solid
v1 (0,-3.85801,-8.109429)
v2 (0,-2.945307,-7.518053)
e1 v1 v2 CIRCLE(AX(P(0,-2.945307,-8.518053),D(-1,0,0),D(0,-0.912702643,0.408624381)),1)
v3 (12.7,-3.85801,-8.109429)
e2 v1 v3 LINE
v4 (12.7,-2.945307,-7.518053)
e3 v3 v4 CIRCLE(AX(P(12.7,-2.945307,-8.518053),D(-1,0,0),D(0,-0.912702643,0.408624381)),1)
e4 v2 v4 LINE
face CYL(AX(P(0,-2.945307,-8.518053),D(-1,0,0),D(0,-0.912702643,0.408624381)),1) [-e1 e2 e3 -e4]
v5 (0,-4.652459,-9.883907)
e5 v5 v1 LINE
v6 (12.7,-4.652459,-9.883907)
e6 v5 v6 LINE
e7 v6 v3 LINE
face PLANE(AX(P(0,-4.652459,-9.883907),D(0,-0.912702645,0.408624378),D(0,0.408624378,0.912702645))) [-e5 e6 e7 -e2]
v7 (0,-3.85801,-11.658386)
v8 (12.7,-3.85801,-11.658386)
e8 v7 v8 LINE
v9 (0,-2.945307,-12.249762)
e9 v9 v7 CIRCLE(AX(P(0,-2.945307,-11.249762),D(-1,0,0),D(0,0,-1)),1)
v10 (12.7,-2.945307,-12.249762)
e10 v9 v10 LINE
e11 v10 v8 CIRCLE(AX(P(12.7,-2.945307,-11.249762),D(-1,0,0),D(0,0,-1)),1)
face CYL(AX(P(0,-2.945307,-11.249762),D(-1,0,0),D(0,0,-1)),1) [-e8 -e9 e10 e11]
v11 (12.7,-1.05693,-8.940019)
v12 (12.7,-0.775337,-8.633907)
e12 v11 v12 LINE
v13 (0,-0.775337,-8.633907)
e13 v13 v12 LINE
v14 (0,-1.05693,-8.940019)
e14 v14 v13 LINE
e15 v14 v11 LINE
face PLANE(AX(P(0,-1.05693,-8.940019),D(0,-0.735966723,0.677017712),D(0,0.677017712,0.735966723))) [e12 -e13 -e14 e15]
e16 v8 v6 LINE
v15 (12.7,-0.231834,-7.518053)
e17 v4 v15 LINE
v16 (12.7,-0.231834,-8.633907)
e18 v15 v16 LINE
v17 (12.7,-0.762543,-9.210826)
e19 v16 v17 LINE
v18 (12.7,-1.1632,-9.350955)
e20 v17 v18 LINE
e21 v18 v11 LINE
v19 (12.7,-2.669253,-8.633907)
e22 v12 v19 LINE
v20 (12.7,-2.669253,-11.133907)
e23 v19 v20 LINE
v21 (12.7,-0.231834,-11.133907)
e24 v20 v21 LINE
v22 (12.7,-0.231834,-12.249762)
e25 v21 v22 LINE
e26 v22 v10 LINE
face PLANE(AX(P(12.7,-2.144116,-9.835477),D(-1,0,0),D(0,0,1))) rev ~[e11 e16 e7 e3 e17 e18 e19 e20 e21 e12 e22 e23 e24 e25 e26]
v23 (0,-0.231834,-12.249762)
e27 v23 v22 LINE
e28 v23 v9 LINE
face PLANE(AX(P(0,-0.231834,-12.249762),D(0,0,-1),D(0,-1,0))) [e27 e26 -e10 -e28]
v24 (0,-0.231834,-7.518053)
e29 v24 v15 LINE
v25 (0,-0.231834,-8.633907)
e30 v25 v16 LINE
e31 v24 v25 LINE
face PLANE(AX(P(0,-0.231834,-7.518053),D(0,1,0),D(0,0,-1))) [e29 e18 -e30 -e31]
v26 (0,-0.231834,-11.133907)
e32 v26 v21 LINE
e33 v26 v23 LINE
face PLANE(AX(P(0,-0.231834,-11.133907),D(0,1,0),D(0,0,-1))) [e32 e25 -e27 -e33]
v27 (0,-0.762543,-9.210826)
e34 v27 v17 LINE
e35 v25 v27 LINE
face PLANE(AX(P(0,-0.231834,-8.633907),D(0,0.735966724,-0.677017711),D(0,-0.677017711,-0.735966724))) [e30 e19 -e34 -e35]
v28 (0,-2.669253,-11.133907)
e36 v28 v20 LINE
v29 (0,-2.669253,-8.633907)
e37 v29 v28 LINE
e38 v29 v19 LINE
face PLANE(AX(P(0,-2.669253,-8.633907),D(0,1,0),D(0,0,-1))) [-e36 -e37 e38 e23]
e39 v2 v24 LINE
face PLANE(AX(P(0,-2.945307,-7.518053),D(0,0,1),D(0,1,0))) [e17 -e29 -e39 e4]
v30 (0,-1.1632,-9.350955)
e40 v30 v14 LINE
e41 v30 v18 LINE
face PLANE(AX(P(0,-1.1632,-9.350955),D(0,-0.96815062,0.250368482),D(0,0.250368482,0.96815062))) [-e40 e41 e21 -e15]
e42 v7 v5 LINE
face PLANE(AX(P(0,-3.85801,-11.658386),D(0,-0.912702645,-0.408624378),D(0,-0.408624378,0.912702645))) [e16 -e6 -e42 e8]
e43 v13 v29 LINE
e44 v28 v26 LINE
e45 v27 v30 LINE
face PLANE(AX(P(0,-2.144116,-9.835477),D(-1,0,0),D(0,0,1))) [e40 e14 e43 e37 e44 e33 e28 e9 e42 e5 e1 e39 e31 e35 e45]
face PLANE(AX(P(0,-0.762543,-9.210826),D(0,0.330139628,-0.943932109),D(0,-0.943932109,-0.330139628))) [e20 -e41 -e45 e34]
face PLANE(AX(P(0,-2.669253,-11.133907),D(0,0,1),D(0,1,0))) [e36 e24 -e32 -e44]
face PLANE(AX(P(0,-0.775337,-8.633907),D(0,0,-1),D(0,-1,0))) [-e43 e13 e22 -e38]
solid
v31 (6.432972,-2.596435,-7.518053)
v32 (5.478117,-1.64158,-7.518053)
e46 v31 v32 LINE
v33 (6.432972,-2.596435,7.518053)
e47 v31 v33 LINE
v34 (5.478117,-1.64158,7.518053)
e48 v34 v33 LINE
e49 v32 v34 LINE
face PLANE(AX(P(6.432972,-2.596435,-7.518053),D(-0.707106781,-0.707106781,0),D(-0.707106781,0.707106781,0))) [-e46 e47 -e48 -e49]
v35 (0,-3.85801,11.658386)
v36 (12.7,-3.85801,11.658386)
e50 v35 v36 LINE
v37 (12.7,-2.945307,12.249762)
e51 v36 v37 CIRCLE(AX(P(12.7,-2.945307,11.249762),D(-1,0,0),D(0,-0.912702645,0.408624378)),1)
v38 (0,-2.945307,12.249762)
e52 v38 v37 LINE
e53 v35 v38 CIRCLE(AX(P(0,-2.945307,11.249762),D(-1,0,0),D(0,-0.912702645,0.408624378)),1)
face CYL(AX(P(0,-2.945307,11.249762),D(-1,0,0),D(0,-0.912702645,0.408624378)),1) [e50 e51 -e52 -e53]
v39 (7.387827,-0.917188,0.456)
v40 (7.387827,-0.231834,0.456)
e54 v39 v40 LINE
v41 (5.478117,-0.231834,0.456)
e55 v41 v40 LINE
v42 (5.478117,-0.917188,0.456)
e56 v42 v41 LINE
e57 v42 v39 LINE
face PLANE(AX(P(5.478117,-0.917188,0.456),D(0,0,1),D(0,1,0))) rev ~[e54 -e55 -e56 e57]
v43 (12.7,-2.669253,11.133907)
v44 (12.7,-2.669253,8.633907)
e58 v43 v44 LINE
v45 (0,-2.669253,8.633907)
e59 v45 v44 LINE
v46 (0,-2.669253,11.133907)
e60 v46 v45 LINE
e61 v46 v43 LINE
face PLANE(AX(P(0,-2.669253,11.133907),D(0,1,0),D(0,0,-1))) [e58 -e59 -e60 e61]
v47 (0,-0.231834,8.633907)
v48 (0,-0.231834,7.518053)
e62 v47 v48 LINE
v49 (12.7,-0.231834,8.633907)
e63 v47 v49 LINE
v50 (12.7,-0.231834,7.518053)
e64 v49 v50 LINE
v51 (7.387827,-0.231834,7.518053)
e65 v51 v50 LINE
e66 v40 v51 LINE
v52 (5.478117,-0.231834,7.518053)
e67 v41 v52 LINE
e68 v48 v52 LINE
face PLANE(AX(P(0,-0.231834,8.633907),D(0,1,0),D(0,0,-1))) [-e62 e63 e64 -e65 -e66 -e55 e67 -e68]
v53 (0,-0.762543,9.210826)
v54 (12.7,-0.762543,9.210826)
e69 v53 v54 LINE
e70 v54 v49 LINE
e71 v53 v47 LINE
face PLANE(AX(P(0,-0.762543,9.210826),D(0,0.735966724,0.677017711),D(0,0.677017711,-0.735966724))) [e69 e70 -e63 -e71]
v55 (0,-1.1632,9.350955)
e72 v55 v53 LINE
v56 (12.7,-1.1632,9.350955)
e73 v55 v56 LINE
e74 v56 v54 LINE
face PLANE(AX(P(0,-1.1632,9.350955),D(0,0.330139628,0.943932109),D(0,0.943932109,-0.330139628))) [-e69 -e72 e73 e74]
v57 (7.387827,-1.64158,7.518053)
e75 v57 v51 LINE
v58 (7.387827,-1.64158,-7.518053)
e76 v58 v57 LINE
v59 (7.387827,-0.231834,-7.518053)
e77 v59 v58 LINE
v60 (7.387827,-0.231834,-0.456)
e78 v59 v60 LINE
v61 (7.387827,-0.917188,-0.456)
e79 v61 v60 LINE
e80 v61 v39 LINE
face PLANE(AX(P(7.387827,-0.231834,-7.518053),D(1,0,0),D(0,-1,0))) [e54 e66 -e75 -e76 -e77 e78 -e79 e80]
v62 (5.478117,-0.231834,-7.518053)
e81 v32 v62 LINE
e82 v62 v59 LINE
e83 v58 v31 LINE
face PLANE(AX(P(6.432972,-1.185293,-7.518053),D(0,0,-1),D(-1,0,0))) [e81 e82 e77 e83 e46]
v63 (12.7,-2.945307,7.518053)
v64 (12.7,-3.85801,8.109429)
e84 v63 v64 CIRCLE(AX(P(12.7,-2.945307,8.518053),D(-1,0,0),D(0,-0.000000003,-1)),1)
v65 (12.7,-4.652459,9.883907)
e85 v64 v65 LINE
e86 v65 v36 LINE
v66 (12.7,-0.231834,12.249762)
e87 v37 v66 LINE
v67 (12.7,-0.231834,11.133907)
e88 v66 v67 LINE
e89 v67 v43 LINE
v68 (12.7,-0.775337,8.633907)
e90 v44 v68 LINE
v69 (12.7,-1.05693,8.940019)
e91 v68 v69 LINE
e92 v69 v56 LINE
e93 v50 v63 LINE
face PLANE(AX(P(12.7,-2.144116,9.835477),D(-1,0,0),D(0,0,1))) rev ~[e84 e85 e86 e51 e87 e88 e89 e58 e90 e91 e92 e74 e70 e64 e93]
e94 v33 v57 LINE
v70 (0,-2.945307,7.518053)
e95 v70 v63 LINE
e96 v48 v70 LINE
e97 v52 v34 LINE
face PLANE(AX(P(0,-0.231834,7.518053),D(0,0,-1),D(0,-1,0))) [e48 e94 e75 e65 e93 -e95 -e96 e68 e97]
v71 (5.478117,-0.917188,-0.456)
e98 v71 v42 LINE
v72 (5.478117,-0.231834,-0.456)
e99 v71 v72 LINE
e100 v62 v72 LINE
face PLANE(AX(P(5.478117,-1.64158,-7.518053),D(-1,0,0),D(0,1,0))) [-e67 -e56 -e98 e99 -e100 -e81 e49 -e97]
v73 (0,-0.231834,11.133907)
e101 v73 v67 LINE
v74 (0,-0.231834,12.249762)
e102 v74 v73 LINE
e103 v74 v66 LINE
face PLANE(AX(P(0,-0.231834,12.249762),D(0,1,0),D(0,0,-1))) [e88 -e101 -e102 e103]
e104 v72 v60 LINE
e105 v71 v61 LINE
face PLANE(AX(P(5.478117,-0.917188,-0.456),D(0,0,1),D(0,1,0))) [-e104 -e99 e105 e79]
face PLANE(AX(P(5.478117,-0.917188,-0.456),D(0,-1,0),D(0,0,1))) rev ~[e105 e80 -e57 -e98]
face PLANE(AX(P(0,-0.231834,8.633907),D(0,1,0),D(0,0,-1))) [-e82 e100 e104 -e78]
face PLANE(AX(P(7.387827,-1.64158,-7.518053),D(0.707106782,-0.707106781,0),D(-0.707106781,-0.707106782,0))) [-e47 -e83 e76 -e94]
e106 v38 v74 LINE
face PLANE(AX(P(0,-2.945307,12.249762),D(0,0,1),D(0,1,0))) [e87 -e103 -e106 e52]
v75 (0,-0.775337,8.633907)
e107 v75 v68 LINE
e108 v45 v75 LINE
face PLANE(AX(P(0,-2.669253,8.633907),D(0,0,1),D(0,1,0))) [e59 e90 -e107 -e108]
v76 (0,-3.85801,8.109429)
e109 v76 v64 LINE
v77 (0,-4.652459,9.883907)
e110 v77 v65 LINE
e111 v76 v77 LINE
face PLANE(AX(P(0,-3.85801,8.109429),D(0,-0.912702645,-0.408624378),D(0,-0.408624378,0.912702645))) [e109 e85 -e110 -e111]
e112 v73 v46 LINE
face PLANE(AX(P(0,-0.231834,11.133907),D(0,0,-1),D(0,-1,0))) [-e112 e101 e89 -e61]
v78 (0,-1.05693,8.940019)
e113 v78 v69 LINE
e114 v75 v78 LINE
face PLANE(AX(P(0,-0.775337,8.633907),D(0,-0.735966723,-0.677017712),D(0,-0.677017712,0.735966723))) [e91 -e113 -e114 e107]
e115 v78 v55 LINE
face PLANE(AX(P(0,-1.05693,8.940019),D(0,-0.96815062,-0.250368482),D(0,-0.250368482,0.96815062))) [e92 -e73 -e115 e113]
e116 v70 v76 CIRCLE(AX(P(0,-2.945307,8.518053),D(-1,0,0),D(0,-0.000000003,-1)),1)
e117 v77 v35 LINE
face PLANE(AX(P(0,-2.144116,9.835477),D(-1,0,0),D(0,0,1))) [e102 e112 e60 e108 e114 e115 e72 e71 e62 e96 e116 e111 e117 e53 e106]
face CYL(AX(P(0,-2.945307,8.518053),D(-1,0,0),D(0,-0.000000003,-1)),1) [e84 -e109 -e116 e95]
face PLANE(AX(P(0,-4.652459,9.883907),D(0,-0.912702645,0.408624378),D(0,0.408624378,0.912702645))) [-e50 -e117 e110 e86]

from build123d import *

# Parameters (mm, degrees)
BOSS_EXTRUDE1_DEPTH   = 12.7
BOSS_EXTRUDE1_2_DEPTH = 12.7
BOSS_EXTRUDE2_REACH   = 25.952
SKETCH3_W             = 0.912
SKETCH3_H             = 0.685354174
CUT_EXTRUDE1_DEPTH    = 1.90971


with BuildPart() as part:
    # Sketch1 → Boss-Extrude1 (new body)
    with BuildSketch(Plane(origin=(0, 0, 0), x_dir=(0, 0, -1), z_dir=(1, 0, 0))):
        with BuildLine():
            Line((8.940018824, -1.056929722), (8.633907374, -0.775336999))
            Line((8.633907374, -0.775336999), (8.633907374, -2.669252732))
            Line((8.633907374, -2.669252732), (11.133907374, -2.669252732))
            Line((11.133907374, -2.669252732), (11.133907374, -0.231834165))
            Line((11.133907374, -0.231834165), (12.249761705, -0.231834165))
            Line((12.249761705, -0.231834165), (12.249761705, -2.945307351))
            ThreePointArc((12.249761705, -2.945307351), (12.088994801, -3.489079188), (11.658386083, -3.858009996))
            Line((11.658386083, -3.858009996), (9.883907374, -4.652458509))
            Line((9.883907374, -4.652458509), (8.109428664, -3.858009996))
            ThreePointArc((8.109428664, -3.858009996), (7.678819947, -3.489079188), (7.518053042, -2.945307351))
            Line((7.518053042, -2.945307351), (7.518053042, -0.231834165))
            Line((7.518053042, -0.231834165), (8.633907374, -0.231834165))
            Line((8.633907374, -0.231834165), (9.210825909, -0.762543032))
            Line((9.210825909, -0.762543032), (9.350955392, -1.163199927))
            Line((9.350955392, -1.163199927), (8.940018824, -1.056929722))
        make_face()
    extrude(amount=BOSS_EXTRUDE1_DEPTH)


with BuildPart() as body_2:
    # Sketch1 → Boss-Extrude1 2 (new body)
    with BuildSketch(Plane(origin=(0, 0, 0), x_dir=(0, 0, -1), z_dir=(1, 0, 0))):
        with BuildLine():
            Line((-8.633907374, -0.231834165), (-7.518053042, -0.231834165))
            Line((-7.518053042, -0.231834165), (-7.518053042, -2.945307351))
            ThreePointArc((-7.518053042, -2.945307351), (-7.678819947, -3.489079188), (-8.109428664, -3.858009996))
            Line((-8.109428664, -3.858009996), (-9.883907374, -4.652458509))
            Line((-9.883907374, -4.652458509), (-11.658386083, -3.858009996))
            ThreePointArc((-11.658386083, -3.858009996), (-12.088994801, -3.489079188), (-12.249761705, -2.945307351))
            Line((-12.249761705, -2.945307351), (-12.249761705, -0.231834165))
            Line((-12.249761705, -0.231834165), (-11.133907374, -0.231834165))
            Line((-11.133907374, -0.231834165), (-11.133907374, -2.669252732))
            Line((-11.133907374, -2.669252732), (-8.633907374, -2.669252732))
            Line((-8.633907374, -2.669252732), (-8.633907374, -0.775336999))
            Line((-8.633907374, -0.775336999), (-8.940018824, -1.056929722))
            Line((-8.940018824, -1.056929722), (-9.350955392, -1.163199927))
            Line((-9.350955392, -1.163199927), (-9.210825909, -0.762543032))
            Line((-9.210825909, -0.762543032), (-8.633907374, -0.231834165))
        make_face()
    extrude(amount=BOSS_EXTRUDE1_2_DEPTH)

    # Sketch2 → Boss-Extrude2 (add, up to next)
    with BuildSketch(Plane.XY.offset(-7.518053042), mode=Mode.PRIVATE) as boss_extrude2_sk1:
        Polygon((5.47811731, -0.231834165), (7.387826905, -0.231834165), (7.387826905, -1.641579788), (6.432972108, -2.596434586), (5.47811731, -1.641579788), align=None)
    boss_extrude2_tool1 = extrude(boss_extrude2_sk1.sketch, amount=BOSS_EXTRUDE2_REACH, mode=Mode.PRIVATE) - body_2.part
    add(boss_extrude2_tool1.solids().sort_by_distance((6.432972, -1.195551, -7.518053))[0])

    # Sketch3 → Cut-Extrude1 (cut)
    with BuildSketch(Plane.ZY.offset(-5.47811731)):
        with Locations((0, -0.574511252)):
            Rectangle(SKETCH3_W, SKETCH3_H)
    extrude(amount=-CUT_EXTRUDE1_DEPTH, mode=Mode.SUBTRACT)


solid = Compound([part.part, body_2.part])
